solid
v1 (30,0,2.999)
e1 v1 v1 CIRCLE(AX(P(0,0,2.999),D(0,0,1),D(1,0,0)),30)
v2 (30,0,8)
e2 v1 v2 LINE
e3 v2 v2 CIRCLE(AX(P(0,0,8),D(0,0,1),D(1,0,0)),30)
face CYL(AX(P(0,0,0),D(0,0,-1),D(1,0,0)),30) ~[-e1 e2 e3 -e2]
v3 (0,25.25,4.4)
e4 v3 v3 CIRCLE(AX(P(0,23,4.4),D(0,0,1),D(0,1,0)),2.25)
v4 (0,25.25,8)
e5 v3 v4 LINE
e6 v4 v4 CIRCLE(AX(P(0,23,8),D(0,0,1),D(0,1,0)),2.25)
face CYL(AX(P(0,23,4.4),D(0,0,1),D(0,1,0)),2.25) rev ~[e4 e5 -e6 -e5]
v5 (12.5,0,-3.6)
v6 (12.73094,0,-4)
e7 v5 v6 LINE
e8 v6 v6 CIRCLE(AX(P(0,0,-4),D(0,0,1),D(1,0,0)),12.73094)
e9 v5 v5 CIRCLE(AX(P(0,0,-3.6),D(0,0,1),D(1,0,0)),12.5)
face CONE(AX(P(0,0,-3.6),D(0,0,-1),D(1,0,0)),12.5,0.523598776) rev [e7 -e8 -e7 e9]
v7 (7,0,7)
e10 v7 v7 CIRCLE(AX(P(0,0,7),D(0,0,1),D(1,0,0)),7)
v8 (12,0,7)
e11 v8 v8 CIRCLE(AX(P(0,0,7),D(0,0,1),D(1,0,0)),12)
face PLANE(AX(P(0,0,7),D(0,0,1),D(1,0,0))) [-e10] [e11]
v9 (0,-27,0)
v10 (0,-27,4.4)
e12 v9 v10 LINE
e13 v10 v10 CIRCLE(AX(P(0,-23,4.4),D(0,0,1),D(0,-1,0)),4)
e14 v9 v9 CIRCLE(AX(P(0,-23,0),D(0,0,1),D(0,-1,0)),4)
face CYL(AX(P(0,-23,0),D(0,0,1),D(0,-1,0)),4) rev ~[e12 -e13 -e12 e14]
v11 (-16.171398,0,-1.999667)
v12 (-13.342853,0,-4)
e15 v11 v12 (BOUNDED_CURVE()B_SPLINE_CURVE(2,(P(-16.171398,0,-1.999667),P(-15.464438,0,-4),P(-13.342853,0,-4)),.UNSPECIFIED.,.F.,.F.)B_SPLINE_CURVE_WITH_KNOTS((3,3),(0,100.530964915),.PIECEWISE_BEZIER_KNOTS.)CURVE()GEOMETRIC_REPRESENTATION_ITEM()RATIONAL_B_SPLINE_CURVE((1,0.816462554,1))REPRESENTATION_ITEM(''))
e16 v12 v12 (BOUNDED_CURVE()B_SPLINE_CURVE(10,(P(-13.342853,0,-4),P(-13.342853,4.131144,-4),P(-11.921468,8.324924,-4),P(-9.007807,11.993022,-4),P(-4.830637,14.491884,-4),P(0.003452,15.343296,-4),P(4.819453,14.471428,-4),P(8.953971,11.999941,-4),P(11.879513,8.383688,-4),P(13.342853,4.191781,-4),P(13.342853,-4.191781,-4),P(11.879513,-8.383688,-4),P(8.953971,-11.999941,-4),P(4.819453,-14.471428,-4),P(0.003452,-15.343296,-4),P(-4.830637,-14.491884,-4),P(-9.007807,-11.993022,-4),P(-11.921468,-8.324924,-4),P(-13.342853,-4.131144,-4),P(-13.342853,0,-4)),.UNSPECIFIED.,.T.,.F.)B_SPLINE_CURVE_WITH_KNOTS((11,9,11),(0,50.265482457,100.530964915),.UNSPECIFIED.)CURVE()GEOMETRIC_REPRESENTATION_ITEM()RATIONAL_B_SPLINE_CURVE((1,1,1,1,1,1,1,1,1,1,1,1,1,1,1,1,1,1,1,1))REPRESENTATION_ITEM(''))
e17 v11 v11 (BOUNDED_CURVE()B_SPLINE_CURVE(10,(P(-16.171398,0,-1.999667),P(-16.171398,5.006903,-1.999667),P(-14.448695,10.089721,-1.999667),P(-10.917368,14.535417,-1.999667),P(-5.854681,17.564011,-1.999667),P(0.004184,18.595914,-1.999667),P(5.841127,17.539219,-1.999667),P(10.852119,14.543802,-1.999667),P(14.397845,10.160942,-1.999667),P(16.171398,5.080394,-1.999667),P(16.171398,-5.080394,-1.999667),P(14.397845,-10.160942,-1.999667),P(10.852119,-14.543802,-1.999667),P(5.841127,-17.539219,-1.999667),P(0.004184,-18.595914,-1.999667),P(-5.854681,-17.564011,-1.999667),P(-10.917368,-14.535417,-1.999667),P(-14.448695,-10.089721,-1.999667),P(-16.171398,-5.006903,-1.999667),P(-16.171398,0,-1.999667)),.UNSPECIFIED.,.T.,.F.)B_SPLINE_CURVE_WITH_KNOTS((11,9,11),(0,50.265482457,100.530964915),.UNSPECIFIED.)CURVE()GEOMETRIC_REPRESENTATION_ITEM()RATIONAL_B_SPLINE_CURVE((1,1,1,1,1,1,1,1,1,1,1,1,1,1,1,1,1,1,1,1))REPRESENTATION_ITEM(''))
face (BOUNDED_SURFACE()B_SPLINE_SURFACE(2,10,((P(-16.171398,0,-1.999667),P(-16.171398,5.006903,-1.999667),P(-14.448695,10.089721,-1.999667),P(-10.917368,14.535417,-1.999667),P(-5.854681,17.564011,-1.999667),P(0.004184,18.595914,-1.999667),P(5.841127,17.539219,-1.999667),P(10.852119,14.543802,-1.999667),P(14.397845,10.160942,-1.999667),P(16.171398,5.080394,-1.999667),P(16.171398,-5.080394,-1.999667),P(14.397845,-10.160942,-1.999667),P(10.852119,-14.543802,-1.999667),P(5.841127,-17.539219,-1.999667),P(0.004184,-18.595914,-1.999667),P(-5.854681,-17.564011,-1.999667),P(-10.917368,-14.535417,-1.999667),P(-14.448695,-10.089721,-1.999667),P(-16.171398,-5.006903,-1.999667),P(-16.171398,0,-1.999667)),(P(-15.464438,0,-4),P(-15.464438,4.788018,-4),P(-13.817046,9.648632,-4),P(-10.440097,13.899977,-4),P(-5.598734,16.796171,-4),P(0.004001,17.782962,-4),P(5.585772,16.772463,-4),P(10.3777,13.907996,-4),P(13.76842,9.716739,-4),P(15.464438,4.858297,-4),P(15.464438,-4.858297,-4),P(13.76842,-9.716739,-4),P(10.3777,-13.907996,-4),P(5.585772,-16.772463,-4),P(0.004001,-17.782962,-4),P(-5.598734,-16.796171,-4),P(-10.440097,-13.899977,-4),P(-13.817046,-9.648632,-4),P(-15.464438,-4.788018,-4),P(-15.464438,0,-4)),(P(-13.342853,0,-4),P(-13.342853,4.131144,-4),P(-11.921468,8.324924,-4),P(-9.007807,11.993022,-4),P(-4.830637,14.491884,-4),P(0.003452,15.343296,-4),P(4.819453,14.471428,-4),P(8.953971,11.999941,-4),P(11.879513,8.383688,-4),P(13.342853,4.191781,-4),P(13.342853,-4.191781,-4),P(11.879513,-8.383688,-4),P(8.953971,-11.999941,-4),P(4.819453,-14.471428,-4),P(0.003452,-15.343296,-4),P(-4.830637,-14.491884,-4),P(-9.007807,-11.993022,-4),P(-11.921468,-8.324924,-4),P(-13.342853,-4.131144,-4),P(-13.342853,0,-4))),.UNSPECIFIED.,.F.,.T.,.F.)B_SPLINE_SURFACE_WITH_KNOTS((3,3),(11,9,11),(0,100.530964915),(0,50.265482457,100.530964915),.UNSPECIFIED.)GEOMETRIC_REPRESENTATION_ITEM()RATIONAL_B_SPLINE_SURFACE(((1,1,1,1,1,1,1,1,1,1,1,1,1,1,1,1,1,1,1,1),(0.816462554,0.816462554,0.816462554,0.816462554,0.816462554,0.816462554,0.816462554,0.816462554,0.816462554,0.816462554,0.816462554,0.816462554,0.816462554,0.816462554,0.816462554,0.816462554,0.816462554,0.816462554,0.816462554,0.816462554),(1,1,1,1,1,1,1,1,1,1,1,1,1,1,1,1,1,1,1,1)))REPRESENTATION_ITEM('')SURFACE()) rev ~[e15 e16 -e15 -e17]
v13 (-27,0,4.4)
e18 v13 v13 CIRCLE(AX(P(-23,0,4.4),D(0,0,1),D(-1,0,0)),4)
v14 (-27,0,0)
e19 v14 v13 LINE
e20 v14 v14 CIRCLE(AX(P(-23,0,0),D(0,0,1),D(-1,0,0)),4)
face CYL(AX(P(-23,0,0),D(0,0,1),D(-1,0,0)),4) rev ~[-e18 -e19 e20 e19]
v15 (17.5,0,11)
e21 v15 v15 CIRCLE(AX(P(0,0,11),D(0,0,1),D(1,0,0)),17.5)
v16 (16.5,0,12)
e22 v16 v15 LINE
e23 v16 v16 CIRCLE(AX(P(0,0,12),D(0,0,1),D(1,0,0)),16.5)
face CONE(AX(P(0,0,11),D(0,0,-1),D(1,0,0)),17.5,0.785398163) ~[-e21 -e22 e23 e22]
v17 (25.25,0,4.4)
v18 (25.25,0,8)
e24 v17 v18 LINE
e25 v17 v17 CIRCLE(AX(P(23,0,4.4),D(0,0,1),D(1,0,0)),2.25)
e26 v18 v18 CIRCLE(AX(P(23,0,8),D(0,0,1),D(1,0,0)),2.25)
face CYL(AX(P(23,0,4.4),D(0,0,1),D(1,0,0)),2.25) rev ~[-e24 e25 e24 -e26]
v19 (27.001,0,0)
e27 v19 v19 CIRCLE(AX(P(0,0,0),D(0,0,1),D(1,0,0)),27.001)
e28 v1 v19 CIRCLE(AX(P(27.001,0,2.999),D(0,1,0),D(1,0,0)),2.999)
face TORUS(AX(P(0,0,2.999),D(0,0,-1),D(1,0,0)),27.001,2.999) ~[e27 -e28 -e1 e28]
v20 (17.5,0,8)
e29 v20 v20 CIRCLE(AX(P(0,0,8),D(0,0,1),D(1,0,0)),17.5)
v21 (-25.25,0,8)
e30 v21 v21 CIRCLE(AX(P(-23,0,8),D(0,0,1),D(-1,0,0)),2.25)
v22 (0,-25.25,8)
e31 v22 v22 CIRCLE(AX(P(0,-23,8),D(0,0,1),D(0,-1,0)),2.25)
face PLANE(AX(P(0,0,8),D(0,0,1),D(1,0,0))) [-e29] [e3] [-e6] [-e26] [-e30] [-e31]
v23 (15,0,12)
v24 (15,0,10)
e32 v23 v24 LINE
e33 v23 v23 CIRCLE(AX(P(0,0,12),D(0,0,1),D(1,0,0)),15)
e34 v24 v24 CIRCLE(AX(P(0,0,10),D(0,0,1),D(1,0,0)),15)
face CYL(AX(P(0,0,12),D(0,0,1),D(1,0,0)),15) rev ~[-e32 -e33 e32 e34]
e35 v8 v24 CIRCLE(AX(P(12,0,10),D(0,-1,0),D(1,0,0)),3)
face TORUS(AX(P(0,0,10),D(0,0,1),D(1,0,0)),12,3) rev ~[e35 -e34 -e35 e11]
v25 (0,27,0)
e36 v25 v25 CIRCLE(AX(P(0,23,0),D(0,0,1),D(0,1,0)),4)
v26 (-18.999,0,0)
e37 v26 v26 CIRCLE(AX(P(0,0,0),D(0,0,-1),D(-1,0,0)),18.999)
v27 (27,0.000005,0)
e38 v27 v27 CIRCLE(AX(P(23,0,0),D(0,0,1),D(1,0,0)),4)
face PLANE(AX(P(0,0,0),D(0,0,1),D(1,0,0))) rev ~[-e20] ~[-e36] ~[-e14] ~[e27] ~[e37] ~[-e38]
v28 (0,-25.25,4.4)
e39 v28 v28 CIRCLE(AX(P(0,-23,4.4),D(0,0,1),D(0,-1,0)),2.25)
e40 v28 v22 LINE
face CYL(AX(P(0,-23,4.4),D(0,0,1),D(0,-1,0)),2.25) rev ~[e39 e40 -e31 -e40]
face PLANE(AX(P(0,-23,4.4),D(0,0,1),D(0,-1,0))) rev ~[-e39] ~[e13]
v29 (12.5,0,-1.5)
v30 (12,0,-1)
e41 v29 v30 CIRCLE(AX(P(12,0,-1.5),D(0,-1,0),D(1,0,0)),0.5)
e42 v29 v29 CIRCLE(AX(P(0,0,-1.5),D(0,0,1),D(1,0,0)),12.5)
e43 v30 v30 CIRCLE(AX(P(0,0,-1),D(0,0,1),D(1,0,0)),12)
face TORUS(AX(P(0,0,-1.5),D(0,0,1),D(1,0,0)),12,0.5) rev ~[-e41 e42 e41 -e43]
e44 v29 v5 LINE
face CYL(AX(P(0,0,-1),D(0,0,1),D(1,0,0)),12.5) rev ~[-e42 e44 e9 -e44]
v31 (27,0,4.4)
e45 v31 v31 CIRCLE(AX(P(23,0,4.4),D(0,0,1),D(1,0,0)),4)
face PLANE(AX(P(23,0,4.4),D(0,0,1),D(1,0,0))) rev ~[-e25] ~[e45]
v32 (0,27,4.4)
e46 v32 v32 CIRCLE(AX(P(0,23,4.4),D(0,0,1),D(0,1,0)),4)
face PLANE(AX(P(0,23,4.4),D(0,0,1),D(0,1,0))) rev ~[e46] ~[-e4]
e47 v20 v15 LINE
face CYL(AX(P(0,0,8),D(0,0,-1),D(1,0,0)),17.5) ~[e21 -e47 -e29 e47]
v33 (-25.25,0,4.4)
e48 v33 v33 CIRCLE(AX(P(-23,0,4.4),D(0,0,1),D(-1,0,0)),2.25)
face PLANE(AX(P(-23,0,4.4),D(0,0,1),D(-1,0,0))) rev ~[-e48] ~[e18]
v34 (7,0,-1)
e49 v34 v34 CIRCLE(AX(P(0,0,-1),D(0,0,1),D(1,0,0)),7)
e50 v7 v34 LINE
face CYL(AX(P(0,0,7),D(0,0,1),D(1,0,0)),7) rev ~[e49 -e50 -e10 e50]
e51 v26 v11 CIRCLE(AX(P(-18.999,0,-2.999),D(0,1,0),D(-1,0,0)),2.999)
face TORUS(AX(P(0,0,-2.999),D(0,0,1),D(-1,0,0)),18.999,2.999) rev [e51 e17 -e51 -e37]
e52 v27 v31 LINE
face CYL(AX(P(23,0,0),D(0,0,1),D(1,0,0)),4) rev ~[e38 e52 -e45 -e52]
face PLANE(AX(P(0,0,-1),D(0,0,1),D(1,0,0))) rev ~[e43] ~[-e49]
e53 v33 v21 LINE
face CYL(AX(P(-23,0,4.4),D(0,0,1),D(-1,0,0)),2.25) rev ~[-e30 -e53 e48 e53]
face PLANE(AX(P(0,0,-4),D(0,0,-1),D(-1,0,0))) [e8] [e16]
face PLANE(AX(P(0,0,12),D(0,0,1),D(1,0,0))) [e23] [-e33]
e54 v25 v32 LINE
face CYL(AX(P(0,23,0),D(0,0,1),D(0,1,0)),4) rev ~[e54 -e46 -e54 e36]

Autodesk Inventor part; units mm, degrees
ref_plane "YZ Plane" through (0, 0, 0) normal (1, 0, 0) x (0, 1, 0)
ref_plane "XZ Plane" through (0, 0, 0) normal (0, 1, 0) x (-1, 0, 0)
ref_plane "XY Plane" through (0, 0, 0) normal (0, 0, 1) x (1, 0, 0)
sketch "스케치1" plane through (0, 0, 0) normal (0, 0, 1) x (1, 0, 0)
  circle A0 centre (0, 0) radius 30
  dimension "d0" = 60
extrude "돌출1" add sketch "스케치1" along normal blind 8
sketch "스케치2" plane through (0, 0, 8) normal (0, 0, 1) x (1, 0, 0)
  circle A0 centre (0, 0) radius 17.5
  dimension "d3" = 35
extrude "돌출2" add sketch "스케치2" along normal blind 4
sketch "스케치3" plane through (0, 0, 0) normal (0, 0, -1) x (-1, 0, 0)
  circle A0 centre (0, 0) radius 16
  dimension "d6" = 32
extrude "돌출3" add sketch "스케치3" along normal blind 4
sketch "스케치4" plane through (0, 0, 12) normal (0, 0, 1) x (1, 0, 0)
  circle A0 centre (0, 0) radius 15
  dimension "d9" = 30
extrude "돌출4" cut sketch "스케치4" against normal blind 5
sketch "스케치5" plane through (0, 0, 7) normal (0, 0, 1) x (1, 0, 0)
  circle A0 centre (0, 0) radius 7
  dimension "d12" = 14
extrude "돌출5" cut sketch "스케치5" against normal blind 8
sketch "스케치6" plane through (0, 0, -1) normal (0, 0, 1) x (1, 0, 0)
  circle A0 centre (0, 0) radius 12.5
  dimension "d15" = 25
extrude "돌출6" cut sketch "스케치6" against normal up to next
sketch "스케치7" plane through (0, 0, 0) normal (0, 0, -1) x (-1, 0, 0)
  circle A0 centre (0, 23) radius 2.25
  point P0 (0, 0)
  dimension "d18" = 4.5
  dimension "d19" = 23
hole "구멍1" at (0, 23, 0) direction (0, 0, 1) diameter 4.5 end through all counterbore diameter 8 counterbore depth 4.4
pattern_circular "원형 패턴1" count 4 over 360 about axis through (0, 0, 0) along (0, 0, 1) of "구멍1"
chamfer "모따기1" distance 0.4 angle 30 1 edges at (-12.5, 0, -4) measured on face at (12.4595, -1.0058, -3)
fillet "모깎기1" radius 0.5 1 edges at (-12.5, 0, -1)
chamfer "모따기2" distance 1 angle 45 1 edges at (-17.5, 0, 12)
fillet "모깎기2" radius 3 4 edges at (-30, 0, 0) (16, 0, 0) (16, 0, -4) (-15, 0, 7)
properties part number "2강"
